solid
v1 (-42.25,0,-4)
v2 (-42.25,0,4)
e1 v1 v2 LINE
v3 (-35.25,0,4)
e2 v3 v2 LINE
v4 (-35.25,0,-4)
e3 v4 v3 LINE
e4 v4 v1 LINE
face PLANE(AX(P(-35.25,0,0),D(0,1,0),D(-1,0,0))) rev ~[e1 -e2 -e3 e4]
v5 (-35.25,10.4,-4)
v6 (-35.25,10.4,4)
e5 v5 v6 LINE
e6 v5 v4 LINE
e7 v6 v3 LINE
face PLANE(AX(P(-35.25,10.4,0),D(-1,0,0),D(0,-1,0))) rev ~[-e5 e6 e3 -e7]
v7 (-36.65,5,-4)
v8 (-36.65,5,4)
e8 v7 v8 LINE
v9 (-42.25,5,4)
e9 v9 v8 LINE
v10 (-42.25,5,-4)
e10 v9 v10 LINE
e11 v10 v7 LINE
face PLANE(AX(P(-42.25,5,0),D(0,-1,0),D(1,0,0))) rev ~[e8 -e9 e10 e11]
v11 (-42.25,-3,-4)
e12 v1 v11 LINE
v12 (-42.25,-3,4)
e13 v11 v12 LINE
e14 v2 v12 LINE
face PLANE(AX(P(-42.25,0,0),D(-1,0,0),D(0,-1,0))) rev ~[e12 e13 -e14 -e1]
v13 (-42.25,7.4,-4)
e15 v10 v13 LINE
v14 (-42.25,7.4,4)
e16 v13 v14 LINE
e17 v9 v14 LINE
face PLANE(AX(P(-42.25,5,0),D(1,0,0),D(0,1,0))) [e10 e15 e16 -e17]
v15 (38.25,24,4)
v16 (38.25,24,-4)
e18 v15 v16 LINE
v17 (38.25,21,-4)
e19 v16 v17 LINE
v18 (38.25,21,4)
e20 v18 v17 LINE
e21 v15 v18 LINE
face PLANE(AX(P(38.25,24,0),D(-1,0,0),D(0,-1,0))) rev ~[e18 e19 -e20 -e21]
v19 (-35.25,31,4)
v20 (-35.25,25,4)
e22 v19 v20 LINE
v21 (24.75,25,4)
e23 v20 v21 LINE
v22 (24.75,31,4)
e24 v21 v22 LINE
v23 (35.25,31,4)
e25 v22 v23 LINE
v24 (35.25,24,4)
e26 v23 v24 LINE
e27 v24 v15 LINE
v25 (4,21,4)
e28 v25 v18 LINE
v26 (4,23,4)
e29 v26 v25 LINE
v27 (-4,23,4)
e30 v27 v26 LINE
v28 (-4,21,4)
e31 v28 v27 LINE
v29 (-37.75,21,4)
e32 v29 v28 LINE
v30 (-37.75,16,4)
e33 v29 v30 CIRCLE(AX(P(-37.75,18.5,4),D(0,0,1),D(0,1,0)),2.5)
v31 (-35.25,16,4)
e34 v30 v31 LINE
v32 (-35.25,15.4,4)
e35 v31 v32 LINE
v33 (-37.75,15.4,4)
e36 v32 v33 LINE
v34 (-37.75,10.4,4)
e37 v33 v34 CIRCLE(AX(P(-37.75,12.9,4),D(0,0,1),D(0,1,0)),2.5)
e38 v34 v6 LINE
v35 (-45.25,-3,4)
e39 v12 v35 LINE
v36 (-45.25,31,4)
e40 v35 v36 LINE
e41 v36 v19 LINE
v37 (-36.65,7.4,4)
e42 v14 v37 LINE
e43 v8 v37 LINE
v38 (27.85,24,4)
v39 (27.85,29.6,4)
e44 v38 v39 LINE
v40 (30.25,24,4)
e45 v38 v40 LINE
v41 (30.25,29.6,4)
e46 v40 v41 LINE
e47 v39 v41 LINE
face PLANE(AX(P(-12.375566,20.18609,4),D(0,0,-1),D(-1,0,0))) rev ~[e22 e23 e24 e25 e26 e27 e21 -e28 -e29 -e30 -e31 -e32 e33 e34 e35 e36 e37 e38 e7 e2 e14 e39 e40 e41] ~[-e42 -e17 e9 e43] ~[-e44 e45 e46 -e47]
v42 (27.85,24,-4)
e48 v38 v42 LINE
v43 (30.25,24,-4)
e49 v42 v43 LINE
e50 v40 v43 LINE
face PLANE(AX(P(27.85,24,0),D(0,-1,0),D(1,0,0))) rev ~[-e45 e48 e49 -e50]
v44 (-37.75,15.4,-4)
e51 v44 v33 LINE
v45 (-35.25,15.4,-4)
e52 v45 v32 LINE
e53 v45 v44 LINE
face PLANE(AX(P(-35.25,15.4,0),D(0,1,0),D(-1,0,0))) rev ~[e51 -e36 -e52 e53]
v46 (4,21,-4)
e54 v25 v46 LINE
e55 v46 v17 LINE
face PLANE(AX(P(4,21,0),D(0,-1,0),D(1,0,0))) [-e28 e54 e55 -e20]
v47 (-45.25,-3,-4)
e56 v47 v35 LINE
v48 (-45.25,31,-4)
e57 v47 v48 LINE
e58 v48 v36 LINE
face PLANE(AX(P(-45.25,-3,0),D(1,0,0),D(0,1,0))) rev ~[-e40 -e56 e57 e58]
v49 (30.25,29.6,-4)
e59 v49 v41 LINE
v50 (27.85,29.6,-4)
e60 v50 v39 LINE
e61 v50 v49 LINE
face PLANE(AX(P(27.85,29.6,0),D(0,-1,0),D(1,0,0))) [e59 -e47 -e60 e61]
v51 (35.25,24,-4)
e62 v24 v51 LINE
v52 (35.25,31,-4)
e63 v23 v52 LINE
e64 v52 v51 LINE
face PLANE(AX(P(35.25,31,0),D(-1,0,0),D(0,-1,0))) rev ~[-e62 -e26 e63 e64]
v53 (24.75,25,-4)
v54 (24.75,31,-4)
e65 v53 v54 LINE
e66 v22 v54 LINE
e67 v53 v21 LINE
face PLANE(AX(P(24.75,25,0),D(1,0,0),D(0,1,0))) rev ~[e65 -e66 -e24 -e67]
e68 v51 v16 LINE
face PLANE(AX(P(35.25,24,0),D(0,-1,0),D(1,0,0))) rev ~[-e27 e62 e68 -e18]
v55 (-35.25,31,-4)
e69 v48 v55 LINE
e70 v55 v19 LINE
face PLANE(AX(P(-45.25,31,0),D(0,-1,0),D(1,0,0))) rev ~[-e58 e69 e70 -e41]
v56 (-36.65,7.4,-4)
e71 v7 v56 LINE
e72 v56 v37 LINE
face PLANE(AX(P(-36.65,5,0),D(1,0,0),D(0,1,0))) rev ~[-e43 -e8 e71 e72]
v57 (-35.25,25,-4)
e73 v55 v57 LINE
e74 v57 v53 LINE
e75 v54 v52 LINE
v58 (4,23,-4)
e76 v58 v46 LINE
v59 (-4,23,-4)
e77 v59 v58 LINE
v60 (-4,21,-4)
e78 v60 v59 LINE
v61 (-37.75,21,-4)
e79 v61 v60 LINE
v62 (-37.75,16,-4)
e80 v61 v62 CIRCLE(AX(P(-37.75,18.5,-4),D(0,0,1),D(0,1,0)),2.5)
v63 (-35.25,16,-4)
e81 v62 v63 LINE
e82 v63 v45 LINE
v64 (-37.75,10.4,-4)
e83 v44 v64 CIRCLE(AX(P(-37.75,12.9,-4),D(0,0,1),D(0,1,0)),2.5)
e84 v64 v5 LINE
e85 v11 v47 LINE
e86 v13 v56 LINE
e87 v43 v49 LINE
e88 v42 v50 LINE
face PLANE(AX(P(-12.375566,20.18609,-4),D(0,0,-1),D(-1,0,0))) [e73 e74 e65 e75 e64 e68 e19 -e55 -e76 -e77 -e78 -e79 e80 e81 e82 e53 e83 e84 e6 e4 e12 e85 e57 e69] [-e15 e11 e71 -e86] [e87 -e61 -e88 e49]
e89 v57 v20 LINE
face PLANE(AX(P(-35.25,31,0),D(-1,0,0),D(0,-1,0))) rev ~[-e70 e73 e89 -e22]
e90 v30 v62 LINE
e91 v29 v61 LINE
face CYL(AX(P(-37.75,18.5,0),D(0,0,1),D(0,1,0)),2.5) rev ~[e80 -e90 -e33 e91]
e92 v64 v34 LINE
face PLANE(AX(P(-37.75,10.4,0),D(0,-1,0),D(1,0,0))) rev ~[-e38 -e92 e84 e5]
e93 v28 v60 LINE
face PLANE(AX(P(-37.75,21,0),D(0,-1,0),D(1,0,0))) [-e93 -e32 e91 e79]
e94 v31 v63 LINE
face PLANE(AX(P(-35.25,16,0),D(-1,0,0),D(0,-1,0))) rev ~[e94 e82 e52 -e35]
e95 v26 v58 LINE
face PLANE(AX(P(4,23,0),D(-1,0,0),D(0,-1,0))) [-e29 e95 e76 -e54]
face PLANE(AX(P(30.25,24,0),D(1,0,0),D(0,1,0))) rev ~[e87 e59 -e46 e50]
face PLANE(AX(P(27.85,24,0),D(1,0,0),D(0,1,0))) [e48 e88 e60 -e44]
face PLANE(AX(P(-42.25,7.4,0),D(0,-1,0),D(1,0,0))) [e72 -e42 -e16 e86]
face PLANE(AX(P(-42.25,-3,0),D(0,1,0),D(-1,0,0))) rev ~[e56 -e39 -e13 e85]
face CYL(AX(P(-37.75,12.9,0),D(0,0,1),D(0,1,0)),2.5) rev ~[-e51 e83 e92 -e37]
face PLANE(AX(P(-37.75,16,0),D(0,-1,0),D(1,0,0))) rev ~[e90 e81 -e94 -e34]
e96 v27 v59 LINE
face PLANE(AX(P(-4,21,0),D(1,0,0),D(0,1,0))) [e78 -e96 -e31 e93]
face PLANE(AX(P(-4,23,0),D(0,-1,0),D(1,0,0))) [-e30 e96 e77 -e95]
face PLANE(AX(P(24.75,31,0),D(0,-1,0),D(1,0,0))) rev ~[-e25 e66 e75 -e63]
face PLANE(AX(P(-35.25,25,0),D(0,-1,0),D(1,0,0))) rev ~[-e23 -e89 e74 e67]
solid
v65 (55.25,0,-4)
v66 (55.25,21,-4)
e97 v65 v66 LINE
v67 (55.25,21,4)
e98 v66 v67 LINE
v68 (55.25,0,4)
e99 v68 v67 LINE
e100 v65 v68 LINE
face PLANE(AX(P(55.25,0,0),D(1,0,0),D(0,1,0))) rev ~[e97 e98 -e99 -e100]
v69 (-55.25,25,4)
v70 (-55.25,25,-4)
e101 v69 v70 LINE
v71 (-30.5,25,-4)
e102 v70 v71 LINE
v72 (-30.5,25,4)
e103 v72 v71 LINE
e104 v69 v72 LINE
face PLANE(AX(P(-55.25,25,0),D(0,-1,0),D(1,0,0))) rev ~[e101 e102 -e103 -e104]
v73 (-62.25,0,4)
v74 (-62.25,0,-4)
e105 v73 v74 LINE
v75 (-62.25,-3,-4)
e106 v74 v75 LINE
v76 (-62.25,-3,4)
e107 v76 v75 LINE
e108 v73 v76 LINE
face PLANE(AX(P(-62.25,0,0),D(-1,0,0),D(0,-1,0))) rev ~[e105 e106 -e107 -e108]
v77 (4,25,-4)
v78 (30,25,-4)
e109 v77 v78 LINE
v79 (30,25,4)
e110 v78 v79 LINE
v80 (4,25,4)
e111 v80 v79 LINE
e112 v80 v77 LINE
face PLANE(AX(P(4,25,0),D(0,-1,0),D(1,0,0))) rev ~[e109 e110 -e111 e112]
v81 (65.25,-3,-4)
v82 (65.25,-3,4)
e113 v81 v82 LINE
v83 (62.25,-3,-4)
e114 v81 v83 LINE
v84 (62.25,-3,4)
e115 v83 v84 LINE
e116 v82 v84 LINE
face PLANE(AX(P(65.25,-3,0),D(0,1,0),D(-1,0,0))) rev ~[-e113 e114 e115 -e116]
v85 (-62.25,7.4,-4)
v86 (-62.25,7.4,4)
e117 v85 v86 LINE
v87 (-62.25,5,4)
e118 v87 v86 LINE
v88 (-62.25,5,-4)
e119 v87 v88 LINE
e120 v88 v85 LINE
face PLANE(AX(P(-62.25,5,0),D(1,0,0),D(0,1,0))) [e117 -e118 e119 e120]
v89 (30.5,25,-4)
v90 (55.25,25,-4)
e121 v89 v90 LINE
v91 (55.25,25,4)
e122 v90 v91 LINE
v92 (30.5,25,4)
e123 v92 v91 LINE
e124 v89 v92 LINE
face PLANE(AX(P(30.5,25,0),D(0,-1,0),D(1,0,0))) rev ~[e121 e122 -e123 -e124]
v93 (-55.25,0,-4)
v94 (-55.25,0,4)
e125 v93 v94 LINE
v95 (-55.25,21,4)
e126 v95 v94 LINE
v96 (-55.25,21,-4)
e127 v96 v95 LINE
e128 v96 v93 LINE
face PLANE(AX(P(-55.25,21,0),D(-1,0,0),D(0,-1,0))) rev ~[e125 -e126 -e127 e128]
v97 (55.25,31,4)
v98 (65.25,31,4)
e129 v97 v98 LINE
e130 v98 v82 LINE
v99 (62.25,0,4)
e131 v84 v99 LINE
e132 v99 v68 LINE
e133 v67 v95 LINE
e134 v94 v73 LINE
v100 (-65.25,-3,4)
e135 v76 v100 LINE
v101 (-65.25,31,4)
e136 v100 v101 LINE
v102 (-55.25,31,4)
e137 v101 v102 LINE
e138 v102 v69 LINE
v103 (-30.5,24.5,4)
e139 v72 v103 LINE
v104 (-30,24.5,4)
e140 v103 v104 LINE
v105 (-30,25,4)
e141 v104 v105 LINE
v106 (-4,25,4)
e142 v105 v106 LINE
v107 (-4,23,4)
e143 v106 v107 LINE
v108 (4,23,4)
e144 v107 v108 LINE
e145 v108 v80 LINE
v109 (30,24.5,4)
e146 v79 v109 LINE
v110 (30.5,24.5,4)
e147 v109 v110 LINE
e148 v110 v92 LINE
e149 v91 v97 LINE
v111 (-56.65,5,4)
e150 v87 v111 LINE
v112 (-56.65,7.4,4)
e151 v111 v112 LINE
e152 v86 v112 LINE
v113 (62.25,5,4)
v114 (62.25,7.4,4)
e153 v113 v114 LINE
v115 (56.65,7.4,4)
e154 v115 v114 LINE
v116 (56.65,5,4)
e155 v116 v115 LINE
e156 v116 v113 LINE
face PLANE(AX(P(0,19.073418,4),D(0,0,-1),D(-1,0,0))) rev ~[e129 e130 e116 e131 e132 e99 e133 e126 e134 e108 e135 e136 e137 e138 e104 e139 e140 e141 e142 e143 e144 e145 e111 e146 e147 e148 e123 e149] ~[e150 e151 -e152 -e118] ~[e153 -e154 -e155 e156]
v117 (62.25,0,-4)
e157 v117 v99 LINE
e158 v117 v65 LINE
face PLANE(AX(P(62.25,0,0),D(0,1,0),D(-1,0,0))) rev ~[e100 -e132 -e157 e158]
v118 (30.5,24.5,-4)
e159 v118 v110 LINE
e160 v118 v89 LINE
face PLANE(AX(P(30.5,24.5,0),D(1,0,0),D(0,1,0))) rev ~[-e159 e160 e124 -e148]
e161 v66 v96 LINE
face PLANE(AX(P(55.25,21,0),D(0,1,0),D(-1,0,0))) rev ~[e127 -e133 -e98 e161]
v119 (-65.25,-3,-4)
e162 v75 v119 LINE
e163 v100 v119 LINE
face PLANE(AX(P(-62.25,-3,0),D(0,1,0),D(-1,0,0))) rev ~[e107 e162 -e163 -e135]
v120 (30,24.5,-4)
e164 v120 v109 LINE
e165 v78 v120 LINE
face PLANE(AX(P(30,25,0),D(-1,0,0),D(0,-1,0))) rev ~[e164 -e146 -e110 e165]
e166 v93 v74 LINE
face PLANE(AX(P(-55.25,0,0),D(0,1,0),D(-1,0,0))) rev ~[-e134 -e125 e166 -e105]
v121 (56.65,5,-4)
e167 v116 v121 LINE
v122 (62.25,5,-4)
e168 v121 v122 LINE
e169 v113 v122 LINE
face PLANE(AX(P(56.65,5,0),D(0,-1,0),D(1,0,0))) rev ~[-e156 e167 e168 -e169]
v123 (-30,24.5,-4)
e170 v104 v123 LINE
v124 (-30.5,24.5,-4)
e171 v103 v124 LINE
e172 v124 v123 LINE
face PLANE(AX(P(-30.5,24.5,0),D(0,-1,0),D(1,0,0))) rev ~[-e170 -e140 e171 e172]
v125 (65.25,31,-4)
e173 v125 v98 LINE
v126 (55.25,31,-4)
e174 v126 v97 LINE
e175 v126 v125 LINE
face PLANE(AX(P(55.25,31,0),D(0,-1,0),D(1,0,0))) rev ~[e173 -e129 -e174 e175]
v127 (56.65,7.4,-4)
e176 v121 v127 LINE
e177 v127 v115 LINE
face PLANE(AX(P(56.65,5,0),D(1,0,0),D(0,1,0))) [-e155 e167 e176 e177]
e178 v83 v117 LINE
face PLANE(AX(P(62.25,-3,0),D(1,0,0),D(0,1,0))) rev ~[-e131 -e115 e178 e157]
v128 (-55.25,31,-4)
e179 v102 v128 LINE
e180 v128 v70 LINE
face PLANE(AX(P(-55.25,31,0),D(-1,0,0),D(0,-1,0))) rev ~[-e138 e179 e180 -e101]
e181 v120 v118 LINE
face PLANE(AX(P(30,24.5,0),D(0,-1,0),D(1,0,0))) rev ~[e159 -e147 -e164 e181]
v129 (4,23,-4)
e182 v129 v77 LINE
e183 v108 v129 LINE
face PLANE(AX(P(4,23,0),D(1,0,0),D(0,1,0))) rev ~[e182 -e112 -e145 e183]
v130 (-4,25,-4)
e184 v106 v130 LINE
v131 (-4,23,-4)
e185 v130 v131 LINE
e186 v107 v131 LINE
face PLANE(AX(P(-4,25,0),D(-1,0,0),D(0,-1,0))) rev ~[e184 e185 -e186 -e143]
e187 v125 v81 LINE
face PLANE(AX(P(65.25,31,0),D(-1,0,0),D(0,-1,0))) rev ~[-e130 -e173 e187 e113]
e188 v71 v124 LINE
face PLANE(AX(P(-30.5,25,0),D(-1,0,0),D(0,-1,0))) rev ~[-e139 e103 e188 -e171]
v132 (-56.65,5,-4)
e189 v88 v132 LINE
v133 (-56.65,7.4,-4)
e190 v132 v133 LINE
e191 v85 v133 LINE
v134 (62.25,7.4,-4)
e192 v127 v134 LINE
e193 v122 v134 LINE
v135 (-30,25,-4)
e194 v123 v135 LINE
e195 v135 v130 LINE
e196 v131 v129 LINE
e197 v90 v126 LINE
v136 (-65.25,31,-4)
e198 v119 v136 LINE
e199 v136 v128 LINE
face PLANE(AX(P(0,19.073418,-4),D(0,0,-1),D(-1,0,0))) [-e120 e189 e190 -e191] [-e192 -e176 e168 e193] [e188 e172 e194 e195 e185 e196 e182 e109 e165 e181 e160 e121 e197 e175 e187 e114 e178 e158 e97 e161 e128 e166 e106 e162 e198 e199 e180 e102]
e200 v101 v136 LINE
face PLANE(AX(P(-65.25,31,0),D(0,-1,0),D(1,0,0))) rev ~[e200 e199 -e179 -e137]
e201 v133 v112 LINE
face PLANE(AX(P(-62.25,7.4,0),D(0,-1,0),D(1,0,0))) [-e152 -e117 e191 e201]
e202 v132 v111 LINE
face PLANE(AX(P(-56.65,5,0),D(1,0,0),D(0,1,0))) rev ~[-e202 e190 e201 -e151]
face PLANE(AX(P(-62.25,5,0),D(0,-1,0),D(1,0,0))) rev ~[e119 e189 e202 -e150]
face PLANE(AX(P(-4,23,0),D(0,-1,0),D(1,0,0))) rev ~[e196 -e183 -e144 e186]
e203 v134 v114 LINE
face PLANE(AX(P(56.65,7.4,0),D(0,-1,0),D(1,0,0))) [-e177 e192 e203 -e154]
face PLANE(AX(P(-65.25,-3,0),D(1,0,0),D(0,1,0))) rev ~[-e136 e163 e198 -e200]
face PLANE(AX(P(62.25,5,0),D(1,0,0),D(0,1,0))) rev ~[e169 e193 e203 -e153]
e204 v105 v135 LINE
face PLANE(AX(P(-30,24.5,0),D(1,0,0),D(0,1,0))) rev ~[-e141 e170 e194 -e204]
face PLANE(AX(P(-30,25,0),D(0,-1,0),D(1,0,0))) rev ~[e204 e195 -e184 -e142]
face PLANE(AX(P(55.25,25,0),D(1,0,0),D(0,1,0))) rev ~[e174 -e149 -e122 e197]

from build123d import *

# Parameters (mm, degrees)
SKETCH_W      = 5.6
SKETCH_H      = 2.4
PAD_DEPTH     = 4
SKETCH001_W   = 2.4
SKETCH001_H   = 5.6
SKETCH001_W_2 = 5.6
SKETCH001_H_2 = 2.4
PAD001_DEPTH  = 4


with BuildPart() as longbatteryholder:
    # Sketch → Pad (new body, symmetric)
    with BuildSketch(Plane.XY):
        Polygon((-55.25, 0), (-62.25, 0), (-62.25, -3), (-65.25, -3), (-65.25, 31), (-55.25, 31), (-55.25, 25), (-30.5, 25), (-30.5, 24.5), (-30, 24.5), (-30, 25), (-4, 25), (-4, 23), (4, 23), (4, 25), (30, 25), (30, 24.5), (30.5, 24.5), (30.5, 25), (55.25, 25), (55.25, 31), (65.25, 31), (65.25, -3), (62.25, -3), (62.25, 0), (55.25, 0), (55.25, 21), (-55.25, 21), align=None)
        with Locations((59.45, 6.2)):
            Rectangle(SKETCH_W, SKETCH_H, mode=Mode.SUBTRACT)
        with Locations((-59.45, 6.2)):
            Rectangle(SKETCH_W, SKETCH_H, mode=Mode.SUBTRACT)
    extrude(amount=PAD_DEPTH, both=True)


with BuildPart() as shortbatteryholder:
    # Sketch001 → Pad001 (new body, symmetric)
    with BuildSketch(Plane.XY):
        with BuildLine():
            Line((24.75, 25), (24.75, 31))
            Line((24.75, 31), (35.25, 31))
            Line((35.25, 31), (35.25, 24))
            Line((35.25, 24), (38.25, 24))
            Line((38.25, 24), (38.25, 21))
            Line((38.25, 21), (35.25, 21))
            Line((4, 21), (35.25, 21))
            Line((4, 23), (4, 21))
            Line((-4, 23), (4, 23))
            Line((-4, 21), (-4, 23))
            Line((-35.25, 21), (-4, 21))
            Line((-35.25, 21), (-37.75, 21))
            ThreePointArc((-37.75, 21), (-40.25, 18.5), (-37.75, 16))
            Line((-37.75, 16), (-35.25, 16))
            Line((-35.25, 16), (-35.25, 15.4))
            Line((-35.25, 15.4), (-37.75, 15.4))
            ThreePointArc((-37.75, 15.4), (-40.25, 12.9), (-37.75, 10.4))
            Line((-37.75, 10.4), (-35.25, 10.4))
            Line((-35.25, 10.4), (-35.25, 0))
            Line((-35.25, 0), (-42.25, 0))
            Line((-42.25, 0), (-42.25, -3))
            Line((-42.25, -3), (-45.25, -3))
            Line((-45.25, -3), (-45.25, 31))
            Line((-45.25, 31), (-35.25, 31))
            Line((-35.25, 31), (-35.25, 25))
            Line((-35.25, 25), (24.75, 25))
        make_face()
        with Locations((29.05, 26.8)):
            Rectangle(SKETCH001_W, SKETCH001_H, mode=Mode.SUBTRACT)
        with Locations((-39.45, 6.2)):
            Rectangle(SKETCH001_W_2, SKETCH001_H_2, mode=Mode.SUBTRACT)
    extrude(amount=PAD001_DEPTH, both=True)


solid = Compound([longbatteryholder.part, shortbatteryholder.part])
